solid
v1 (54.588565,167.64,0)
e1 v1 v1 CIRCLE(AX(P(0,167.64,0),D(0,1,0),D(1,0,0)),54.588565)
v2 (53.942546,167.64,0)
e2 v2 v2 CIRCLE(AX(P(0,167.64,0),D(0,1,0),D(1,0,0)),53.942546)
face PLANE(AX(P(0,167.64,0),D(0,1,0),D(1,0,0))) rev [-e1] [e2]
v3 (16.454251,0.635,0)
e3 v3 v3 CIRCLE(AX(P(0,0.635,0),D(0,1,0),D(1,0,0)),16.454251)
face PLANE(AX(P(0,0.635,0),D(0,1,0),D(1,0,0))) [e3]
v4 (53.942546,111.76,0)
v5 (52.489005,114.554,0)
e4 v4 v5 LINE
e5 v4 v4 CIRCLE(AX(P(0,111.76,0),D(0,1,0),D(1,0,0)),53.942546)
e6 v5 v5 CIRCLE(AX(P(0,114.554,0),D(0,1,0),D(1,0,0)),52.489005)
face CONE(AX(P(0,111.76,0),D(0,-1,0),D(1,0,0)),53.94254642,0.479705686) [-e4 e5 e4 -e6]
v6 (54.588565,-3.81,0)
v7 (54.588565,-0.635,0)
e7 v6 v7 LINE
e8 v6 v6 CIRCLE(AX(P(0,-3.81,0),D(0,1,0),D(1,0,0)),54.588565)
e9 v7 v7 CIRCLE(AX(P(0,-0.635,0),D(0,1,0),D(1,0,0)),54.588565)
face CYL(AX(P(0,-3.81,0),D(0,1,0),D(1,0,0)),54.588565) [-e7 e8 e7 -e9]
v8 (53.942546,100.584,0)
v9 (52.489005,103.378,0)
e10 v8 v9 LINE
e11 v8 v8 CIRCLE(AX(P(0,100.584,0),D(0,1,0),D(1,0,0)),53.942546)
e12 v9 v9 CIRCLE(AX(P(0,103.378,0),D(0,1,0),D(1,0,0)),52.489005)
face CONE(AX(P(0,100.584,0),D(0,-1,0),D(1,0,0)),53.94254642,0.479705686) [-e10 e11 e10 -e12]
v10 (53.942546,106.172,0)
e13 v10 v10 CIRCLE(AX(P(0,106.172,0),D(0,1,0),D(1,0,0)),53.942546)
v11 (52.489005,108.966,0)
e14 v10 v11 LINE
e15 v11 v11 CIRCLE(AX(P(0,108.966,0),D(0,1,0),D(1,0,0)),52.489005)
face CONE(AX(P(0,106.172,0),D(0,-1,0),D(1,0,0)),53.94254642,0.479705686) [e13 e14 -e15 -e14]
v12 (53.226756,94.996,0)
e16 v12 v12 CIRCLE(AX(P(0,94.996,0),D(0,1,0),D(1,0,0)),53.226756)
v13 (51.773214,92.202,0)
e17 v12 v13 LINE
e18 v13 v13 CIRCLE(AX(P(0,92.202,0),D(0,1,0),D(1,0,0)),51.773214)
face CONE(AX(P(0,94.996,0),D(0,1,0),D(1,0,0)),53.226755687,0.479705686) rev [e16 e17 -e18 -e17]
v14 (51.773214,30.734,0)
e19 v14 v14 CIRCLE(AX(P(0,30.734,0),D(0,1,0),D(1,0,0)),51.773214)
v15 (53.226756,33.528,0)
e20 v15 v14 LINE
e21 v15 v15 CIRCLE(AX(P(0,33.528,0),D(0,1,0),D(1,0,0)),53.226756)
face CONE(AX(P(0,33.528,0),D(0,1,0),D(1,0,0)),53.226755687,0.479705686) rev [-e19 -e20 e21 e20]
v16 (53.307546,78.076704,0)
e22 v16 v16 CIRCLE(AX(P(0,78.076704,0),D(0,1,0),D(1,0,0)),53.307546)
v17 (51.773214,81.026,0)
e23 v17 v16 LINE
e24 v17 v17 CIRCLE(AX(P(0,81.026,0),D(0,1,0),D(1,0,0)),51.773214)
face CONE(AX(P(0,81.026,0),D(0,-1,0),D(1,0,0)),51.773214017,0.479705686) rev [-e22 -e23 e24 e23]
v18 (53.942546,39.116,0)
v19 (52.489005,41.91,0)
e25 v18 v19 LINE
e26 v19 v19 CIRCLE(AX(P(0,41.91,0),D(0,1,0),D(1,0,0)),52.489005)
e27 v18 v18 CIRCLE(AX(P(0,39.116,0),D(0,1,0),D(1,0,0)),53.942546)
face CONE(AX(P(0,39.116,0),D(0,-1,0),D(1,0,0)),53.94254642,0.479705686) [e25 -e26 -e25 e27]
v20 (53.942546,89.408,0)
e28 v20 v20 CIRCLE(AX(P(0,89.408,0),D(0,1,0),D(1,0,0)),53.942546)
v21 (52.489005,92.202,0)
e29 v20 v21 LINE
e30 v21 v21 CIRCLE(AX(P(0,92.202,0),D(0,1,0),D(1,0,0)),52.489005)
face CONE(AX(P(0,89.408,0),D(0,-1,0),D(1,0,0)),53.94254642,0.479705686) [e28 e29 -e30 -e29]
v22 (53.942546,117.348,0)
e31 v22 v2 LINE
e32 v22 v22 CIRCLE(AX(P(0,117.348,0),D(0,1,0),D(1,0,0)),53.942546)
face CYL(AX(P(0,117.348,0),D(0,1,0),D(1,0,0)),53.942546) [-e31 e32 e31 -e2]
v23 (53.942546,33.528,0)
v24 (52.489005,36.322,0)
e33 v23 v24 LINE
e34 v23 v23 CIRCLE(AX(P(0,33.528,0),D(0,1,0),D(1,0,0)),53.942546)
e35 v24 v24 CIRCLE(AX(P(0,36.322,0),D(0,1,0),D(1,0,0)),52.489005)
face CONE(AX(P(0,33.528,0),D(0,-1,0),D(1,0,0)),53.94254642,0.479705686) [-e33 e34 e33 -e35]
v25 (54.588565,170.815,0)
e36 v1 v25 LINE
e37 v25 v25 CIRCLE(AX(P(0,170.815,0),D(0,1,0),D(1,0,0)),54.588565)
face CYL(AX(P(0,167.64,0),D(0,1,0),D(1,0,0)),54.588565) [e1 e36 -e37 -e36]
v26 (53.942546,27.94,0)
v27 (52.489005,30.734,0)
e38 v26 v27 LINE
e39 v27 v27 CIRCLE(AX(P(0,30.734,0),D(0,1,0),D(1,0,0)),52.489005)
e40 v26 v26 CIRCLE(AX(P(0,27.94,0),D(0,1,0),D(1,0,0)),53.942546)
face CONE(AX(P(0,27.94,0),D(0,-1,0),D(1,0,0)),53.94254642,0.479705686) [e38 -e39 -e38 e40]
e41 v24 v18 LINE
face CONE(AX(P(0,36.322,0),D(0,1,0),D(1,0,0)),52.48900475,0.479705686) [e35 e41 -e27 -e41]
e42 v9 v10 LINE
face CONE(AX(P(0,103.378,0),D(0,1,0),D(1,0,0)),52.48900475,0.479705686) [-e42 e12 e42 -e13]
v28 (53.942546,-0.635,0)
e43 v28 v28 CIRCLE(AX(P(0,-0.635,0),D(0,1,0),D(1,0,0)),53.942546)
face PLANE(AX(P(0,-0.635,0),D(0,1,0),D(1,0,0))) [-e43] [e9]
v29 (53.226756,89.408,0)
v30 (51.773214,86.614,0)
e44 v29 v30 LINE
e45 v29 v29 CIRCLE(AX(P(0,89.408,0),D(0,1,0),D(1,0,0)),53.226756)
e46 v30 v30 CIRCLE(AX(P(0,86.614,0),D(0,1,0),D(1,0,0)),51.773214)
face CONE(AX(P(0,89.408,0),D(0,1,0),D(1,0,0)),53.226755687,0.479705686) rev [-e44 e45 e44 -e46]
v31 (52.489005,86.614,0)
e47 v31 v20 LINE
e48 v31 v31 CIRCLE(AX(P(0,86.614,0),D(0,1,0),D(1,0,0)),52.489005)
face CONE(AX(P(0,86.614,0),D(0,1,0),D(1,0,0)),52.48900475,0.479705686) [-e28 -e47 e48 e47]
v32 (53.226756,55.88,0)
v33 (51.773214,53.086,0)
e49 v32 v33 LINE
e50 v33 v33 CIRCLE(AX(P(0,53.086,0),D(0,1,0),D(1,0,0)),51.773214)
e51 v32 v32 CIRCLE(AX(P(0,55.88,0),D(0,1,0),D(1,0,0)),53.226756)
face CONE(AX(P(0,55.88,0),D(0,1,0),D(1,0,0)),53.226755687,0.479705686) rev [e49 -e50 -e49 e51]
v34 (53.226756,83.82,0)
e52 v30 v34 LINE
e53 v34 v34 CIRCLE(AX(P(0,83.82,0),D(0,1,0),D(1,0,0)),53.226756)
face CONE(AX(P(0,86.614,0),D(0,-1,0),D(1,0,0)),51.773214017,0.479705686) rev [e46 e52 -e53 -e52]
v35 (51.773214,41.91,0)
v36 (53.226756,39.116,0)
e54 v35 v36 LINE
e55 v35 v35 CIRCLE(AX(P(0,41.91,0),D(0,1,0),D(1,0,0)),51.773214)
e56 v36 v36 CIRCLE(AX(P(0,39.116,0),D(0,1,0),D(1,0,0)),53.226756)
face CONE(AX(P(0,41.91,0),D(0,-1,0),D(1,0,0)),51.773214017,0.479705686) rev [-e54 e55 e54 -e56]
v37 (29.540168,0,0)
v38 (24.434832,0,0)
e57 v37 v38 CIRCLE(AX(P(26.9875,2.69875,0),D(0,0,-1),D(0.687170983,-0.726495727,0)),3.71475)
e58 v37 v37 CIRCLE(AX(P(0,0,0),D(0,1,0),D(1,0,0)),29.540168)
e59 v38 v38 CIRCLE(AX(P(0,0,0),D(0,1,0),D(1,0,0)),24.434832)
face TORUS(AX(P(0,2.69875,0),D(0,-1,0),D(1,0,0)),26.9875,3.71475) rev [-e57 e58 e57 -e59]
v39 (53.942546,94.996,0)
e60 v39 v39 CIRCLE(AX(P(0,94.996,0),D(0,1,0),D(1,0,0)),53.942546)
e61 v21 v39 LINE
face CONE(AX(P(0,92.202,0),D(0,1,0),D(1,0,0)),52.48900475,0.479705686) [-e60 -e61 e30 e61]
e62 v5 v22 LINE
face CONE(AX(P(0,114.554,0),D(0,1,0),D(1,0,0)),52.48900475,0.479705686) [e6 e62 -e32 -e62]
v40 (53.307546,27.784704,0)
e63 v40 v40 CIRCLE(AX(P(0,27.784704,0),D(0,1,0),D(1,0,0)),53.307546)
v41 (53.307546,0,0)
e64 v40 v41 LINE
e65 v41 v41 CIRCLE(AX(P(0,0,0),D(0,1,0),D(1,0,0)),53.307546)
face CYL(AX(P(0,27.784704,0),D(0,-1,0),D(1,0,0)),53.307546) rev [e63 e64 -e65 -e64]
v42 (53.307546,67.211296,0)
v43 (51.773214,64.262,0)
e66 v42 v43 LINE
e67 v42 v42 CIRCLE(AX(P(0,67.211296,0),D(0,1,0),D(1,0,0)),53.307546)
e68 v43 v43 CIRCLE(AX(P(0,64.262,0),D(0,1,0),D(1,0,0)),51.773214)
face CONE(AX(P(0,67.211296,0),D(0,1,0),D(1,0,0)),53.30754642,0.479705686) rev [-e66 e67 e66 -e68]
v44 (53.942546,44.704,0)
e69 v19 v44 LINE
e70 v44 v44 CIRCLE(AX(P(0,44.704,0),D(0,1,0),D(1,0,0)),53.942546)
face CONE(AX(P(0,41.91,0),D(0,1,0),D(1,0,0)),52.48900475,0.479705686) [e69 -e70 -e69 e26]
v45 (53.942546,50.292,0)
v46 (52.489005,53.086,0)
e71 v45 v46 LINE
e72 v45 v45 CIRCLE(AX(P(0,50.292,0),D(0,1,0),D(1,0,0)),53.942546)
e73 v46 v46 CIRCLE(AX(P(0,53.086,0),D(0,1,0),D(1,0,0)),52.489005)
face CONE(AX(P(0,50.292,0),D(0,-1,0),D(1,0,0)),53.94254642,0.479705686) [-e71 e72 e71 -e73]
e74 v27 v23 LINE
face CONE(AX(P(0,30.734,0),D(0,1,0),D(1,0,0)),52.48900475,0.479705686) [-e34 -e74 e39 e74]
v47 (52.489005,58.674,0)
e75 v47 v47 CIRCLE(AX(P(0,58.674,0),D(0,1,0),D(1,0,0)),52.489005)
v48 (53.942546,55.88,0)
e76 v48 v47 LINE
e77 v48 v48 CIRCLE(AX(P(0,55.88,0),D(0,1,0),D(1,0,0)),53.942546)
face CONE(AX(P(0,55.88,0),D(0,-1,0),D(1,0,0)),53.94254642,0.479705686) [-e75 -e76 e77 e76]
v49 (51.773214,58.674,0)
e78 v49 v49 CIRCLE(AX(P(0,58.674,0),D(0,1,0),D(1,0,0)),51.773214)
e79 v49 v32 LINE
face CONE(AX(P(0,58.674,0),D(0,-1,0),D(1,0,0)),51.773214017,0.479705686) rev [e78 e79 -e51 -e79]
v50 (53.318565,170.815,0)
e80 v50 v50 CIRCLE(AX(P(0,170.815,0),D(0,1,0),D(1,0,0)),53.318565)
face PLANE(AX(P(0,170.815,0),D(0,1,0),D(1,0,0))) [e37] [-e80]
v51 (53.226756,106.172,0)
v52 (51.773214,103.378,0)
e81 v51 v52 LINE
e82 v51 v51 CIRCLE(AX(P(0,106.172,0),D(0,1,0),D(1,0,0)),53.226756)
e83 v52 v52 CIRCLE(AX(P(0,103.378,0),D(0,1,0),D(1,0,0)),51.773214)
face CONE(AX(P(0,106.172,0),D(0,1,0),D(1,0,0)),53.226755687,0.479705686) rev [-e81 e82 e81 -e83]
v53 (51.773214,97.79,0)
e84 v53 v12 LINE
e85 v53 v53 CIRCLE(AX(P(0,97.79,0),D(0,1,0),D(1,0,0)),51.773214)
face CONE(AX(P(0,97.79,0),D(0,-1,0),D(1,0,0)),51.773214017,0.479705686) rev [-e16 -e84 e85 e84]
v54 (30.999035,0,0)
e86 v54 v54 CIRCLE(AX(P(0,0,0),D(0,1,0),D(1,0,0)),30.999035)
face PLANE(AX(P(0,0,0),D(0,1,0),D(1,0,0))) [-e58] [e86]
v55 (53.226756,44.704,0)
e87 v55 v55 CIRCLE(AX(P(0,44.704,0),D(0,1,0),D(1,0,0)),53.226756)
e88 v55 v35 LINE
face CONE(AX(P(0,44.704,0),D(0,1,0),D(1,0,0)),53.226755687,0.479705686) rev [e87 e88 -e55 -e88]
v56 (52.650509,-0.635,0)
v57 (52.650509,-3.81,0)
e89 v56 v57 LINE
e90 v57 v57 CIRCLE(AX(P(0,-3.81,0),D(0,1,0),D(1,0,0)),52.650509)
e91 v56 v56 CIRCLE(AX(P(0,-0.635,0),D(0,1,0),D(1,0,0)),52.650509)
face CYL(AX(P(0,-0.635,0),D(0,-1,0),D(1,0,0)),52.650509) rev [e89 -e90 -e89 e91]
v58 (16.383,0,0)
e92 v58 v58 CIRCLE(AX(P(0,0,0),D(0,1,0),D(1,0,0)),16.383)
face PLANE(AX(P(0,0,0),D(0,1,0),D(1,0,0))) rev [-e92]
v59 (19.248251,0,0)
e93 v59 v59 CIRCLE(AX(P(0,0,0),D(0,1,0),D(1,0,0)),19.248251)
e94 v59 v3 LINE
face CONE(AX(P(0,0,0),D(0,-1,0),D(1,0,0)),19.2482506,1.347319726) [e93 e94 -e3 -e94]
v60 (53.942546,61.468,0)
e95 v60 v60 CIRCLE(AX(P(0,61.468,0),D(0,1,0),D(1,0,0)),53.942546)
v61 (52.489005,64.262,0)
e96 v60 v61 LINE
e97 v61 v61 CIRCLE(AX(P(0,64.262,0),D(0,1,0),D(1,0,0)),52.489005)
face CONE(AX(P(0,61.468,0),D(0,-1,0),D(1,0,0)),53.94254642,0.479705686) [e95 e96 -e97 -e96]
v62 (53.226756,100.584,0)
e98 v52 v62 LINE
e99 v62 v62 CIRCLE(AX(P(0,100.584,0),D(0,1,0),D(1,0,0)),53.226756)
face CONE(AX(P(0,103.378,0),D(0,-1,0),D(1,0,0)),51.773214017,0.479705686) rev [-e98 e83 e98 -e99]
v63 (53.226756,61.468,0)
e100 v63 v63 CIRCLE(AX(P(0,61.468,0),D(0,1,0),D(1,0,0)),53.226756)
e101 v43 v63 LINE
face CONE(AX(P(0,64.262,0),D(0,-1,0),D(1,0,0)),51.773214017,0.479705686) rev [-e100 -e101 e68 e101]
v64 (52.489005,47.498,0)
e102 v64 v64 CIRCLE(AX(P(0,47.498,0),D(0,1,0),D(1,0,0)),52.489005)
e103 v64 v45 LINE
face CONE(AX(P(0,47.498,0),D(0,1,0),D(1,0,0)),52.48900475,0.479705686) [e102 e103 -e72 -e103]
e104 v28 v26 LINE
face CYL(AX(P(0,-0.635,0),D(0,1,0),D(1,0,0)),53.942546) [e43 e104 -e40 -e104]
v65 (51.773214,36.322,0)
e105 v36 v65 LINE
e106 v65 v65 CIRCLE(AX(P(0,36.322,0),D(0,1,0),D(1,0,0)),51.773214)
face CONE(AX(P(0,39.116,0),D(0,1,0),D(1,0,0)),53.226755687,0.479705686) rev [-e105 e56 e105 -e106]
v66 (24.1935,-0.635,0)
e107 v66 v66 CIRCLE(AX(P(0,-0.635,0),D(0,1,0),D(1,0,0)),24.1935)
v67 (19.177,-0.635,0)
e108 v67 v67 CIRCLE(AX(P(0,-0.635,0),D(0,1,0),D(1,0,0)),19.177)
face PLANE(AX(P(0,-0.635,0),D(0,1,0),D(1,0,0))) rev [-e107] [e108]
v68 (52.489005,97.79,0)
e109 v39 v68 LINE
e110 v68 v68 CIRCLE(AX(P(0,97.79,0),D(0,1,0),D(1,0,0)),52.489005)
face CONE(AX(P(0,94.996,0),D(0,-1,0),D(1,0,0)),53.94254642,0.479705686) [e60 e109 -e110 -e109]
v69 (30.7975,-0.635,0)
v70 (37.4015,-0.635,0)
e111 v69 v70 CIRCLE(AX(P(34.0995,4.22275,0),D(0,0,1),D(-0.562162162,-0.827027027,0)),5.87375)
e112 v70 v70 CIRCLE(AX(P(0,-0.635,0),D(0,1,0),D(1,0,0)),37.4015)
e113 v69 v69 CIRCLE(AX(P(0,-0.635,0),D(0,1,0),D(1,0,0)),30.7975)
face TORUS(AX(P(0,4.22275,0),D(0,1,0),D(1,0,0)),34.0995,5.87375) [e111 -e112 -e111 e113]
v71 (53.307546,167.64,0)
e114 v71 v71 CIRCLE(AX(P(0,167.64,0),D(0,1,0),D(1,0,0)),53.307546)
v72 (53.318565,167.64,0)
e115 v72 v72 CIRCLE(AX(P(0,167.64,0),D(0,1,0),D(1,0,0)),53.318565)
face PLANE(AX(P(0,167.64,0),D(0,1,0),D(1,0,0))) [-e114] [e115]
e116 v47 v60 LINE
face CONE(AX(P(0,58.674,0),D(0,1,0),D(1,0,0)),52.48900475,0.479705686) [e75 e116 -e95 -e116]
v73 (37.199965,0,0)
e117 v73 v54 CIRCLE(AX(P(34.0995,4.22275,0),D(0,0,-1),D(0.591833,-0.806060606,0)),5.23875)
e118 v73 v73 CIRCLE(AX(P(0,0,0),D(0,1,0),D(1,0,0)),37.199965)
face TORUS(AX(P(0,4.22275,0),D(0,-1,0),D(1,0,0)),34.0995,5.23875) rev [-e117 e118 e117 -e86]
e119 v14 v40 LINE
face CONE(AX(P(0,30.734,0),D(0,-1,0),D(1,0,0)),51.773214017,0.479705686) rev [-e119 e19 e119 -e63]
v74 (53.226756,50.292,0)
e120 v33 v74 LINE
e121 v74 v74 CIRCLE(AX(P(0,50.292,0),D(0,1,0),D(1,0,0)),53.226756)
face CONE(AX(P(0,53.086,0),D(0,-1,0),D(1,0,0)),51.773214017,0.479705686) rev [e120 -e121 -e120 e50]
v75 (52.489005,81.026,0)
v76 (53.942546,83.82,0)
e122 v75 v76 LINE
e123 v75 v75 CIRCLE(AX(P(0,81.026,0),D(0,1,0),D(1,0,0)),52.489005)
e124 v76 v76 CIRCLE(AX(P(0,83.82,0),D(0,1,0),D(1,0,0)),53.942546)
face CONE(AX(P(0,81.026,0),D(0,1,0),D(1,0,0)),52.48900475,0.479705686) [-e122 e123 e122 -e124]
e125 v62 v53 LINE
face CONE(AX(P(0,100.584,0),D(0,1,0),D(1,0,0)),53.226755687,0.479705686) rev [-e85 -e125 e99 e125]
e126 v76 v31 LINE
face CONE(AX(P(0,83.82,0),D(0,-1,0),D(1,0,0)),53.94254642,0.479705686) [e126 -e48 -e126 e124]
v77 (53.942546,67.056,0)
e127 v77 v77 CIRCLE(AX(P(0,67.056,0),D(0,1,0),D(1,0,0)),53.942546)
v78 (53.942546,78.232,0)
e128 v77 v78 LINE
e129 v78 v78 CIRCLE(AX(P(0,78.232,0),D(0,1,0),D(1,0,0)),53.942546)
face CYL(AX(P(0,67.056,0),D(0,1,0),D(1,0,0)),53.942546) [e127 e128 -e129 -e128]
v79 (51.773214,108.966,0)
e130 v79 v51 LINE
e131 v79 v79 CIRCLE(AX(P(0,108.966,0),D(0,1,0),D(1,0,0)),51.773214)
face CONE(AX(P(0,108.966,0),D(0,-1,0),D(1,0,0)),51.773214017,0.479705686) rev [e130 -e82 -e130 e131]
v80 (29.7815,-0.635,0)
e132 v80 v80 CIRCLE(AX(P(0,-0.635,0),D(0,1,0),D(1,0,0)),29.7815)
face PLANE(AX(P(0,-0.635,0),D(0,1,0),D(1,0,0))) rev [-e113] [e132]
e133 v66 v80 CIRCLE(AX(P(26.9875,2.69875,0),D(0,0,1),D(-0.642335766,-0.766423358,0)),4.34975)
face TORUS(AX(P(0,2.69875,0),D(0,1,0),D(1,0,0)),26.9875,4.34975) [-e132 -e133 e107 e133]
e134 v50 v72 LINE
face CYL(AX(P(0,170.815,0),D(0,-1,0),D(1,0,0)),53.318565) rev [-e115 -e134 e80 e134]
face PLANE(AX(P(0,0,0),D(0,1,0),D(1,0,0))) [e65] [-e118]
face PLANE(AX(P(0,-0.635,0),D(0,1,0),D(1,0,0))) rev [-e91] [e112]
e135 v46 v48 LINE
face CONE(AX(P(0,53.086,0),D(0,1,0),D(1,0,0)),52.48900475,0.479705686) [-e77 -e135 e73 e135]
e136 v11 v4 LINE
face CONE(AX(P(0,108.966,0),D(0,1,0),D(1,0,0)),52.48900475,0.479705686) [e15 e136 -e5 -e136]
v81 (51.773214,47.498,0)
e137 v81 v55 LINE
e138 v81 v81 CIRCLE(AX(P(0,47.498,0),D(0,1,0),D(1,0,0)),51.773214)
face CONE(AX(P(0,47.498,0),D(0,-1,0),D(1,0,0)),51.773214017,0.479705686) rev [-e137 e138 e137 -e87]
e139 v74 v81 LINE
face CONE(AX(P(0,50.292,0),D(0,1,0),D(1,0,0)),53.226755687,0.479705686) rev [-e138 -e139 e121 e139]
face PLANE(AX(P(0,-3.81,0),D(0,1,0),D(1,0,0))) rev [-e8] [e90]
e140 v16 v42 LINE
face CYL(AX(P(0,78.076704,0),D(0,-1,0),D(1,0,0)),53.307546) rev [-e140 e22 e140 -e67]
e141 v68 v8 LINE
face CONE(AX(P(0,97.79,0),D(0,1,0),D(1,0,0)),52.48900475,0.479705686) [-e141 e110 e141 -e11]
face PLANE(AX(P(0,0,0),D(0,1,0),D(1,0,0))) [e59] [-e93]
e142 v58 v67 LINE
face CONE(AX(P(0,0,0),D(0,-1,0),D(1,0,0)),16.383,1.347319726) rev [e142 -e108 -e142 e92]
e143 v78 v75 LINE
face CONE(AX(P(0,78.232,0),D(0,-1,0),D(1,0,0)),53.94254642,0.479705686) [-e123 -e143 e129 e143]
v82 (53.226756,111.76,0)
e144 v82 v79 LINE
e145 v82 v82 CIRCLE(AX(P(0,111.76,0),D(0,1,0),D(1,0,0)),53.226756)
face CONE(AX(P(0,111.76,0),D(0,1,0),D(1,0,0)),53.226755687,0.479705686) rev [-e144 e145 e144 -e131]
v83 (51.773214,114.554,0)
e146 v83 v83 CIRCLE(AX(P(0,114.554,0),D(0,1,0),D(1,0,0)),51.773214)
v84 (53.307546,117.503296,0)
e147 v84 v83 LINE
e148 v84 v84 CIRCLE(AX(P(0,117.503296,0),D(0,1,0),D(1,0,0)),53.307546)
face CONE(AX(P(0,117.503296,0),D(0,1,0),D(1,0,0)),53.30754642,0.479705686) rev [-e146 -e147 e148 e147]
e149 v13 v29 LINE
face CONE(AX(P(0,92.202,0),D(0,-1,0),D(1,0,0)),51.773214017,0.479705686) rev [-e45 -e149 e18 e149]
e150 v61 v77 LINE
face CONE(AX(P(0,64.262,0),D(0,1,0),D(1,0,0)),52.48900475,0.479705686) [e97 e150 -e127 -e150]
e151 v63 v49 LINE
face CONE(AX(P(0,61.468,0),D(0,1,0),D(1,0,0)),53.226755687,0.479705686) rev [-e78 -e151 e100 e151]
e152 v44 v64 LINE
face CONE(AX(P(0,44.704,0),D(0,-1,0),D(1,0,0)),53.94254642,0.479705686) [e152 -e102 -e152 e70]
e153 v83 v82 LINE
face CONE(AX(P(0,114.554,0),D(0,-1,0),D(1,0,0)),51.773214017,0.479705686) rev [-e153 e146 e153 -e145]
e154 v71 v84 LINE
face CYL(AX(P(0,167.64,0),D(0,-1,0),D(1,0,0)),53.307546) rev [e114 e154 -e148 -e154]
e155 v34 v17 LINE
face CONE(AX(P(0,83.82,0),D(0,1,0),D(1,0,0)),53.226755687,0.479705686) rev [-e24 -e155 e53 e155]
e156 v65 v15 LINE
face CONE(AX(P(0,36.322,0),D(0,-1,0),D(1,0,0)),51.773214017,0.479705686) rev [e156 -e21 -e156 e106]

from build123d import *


with BuildPart() as part:
    # Sketch1 → Revolve1 (revolve)
    with BuildSketch(Plane.XY):
        with BuildLine():
            Line((0, 0), (16.383, 0))
            Line((16.383, 0), (19.177, -0.635))
            Line((19.177, -0.635), (24.1935, -0.635))
            ThreePointArc((24.1935, -0.635), (26.9875, -1.651), (29.7815, -0.635))
            Line((29.7815, -0.635), (30.7975, -0.635))
            ThreePointArc((30.7975, -0.635), (34.0995, -1.651), (37.4015, -0.635))
            Line((37.4015, -0.635), (52.65050938, -0.635))
            Line((52.65050938, -0.635), (52.65050938, -3.81))
            Line((52.65050938, -3.81), (54.58856494, -3.81))
            Line((54.58856494, -3.81), (54.58856494, -0.635))
            Line((54.58856494, -0.635), (53.94254642, -0.635))
            Line((53.94254642, -0.635), (53.94254642, 27.94))
            Line((53.94254642, 27.94), (52.48900475, 30.734))
            Line((52.48900475, 30.734), (53.94254642, 33.528))
            Line((53.94254642, 33.528), (52.48900475, 36.322))
            Line((52.48900475, 36.322), (53.94254642, 39.116))
            Line((53.94254642, 39.116), (52.48900475, 41.91))
            Line((52.48900475, 41.91), (53.94254642, 44.704))
            Line((53.94254642, 44.704), (52.48900475, 47.498))
            Line((52.48900475, 47.498), (53.94254642, 50.292))
            Line((53.94254642, 50.292), (52.48900475, 53.086))
            Line((52.48900475, 53.086), (53.94254642, 55.88))
            Line((53.94254642, 55.88), (52.48900475, 58.674))
            Line((52.48900475, 58.674), (53.94254642, 61.468))
            Line((53.94254642, 61.468), (52.48900475, 64.262))
            Line((52.48900475, 64.262), (53.94254642, 67.056))
            Line((53.94254642, 67.056), (53.94254642, 78.232))
            Line((53.94254642, 78.232), (52.48900475, 81.026))
            Line((52.48900475, 81.026), (53.94254642, 83.82))
            Line((53.94254642, 83.82), (52.48900475, 86.614))
            Line((52.48900475, 86.614), (53.94254642, 89.408))
            Line((53.94254642, 89.408), (52.48900475, 92.202))
            Line((52.48900475, 92.202), (53.94254642, 94.996))
            Line((53.94254642, 94.996), (52.48900475, 97.79))
            Line((52.48900475, 97.79), (53.94254642, 100.584))
            Line((53.94254642, 100.584), (52.48900475, 103.378))
            Line((52.48900475, 103.378), (53.94254642, 106.172))
            Line((53.94254642, 106.172), (52.48900475, 108.966))
            Line((52.48900475, 108.966), (53.94254642, 111.76))
            Line((53.94254642, 111.76), (52.48900475, 114.554))
            Line((52.48900475, 114.554), (53.94254642, 117.348))
            Line((53.94254642, 117.348), (53.94254642, 167.64))
            Line((53.94254642, 167.64), (54.58856494, 167.64))
            Line((54.58856494, 167.64), (54.58856494, 170.815))
            Line((54.58856494, 170.815), (53.31856494, 170.815))
            Line((53.31856494, 170.815), (53.31856494, 167.64))
            Line((53.31856494, 167.64), (53.30754642, 167.64))
            Line((53.30754642, 167.64), (53.30754642, 117.503296069))
            Line((53.30754642, 117.503296069), (51.773214017, 114.554))
            Line((51.773214017, 114.554), (53.226755687, 111.76))
            Line((53.226755687, 111.76), (51.773214017, 108.966))
            Line((51.773214017, 108.966), (53.226755687, 106.172))
            Line((53.226755687, 106.172), (51.773214017, 103.378))
            Line((51.773214017, 103.378), (53.226755687, 100.584))
            Line((53.226755687, 100.584), (51.773214017, 97.79))
            Line((51.773214017, 97.79), (53.226755687, 94.996))
            Line((53.226755687, 94.996), (51.773214017, 92.202))
            Line((51.773214017, 92.202), (53.226755687, 89.408))
            Line((53.226755687, 89.408), (51.773214017, 86.614))
            Line((51.773214017, 86.614), (53.226755687, 83.82))
            Line((53.226755687, 83.82), (51.773214017, 81.026))
            Line((51.773214017, 81.026), (53.30754642, 78.076703931))
            Line((53.30754642, 78.076703931), (53.30754642, 67.211296069))
            Line((53.30754642, 67.211296069), (51.773214017, 64.262))
            Line((51.773214017, 64.262), (53.226755687, 61.468))
            Line((53.226755687, 61.468), (51.773214017, 58.674))
            Line((51.773214017, 58.674), (53.226755687, 55.88))
            Line((53.226755687, 55.88), (51.773214017, 53.086))
            Line((51.773214017, 53.086), (53.226755687, 50.292))
            Line((53.226755687, 50.292), (51.773214017, 47.498))
            Line((51.773214017, 47.498), (53.226755687, 44.704))
            Line((53.226755687, 44.704), (51.773214017, 41.91))
            Line((51.773214017, 41.91), (53.226755687, 39.116))
            Line((53.226755687, 39.116), (51.773214017, 36.322))
            Line((51.773214017, 36.322), (53.226755687, 33.528))
            Line((53.226755687, 33.528), (51.773214017, 30.734))
            Line((51.773214017, 30.734), (53.30754642, 27.784703931))
            Line((53.30754642, 27.784703931), (53.30754642, 0))
            Line((53.30754642, 0), (37.199965126, 0))
            ThreePointArc((37.199965126, 0), (34.0995, -1.016), (30.999034874, 0))
            Line((30.999034874, 0), (29.540168408, 0))
            ThreePointArc((29.540168408, 0), (26.9875, -1.016), (24.434831592, 0))
            Line((24.434831592, 0), (19.2482506, 0))
            Line((19.2482506, 0), (16.4542506, 0.635))
            Line((16.4542506, 0.635), (0, 0.635))
            Line((0, 0.635), (0, 0))
        make_face()
    revolve(axis=Axis((0, -1000, 0), (0, 1, 0)))


solid = part.part
